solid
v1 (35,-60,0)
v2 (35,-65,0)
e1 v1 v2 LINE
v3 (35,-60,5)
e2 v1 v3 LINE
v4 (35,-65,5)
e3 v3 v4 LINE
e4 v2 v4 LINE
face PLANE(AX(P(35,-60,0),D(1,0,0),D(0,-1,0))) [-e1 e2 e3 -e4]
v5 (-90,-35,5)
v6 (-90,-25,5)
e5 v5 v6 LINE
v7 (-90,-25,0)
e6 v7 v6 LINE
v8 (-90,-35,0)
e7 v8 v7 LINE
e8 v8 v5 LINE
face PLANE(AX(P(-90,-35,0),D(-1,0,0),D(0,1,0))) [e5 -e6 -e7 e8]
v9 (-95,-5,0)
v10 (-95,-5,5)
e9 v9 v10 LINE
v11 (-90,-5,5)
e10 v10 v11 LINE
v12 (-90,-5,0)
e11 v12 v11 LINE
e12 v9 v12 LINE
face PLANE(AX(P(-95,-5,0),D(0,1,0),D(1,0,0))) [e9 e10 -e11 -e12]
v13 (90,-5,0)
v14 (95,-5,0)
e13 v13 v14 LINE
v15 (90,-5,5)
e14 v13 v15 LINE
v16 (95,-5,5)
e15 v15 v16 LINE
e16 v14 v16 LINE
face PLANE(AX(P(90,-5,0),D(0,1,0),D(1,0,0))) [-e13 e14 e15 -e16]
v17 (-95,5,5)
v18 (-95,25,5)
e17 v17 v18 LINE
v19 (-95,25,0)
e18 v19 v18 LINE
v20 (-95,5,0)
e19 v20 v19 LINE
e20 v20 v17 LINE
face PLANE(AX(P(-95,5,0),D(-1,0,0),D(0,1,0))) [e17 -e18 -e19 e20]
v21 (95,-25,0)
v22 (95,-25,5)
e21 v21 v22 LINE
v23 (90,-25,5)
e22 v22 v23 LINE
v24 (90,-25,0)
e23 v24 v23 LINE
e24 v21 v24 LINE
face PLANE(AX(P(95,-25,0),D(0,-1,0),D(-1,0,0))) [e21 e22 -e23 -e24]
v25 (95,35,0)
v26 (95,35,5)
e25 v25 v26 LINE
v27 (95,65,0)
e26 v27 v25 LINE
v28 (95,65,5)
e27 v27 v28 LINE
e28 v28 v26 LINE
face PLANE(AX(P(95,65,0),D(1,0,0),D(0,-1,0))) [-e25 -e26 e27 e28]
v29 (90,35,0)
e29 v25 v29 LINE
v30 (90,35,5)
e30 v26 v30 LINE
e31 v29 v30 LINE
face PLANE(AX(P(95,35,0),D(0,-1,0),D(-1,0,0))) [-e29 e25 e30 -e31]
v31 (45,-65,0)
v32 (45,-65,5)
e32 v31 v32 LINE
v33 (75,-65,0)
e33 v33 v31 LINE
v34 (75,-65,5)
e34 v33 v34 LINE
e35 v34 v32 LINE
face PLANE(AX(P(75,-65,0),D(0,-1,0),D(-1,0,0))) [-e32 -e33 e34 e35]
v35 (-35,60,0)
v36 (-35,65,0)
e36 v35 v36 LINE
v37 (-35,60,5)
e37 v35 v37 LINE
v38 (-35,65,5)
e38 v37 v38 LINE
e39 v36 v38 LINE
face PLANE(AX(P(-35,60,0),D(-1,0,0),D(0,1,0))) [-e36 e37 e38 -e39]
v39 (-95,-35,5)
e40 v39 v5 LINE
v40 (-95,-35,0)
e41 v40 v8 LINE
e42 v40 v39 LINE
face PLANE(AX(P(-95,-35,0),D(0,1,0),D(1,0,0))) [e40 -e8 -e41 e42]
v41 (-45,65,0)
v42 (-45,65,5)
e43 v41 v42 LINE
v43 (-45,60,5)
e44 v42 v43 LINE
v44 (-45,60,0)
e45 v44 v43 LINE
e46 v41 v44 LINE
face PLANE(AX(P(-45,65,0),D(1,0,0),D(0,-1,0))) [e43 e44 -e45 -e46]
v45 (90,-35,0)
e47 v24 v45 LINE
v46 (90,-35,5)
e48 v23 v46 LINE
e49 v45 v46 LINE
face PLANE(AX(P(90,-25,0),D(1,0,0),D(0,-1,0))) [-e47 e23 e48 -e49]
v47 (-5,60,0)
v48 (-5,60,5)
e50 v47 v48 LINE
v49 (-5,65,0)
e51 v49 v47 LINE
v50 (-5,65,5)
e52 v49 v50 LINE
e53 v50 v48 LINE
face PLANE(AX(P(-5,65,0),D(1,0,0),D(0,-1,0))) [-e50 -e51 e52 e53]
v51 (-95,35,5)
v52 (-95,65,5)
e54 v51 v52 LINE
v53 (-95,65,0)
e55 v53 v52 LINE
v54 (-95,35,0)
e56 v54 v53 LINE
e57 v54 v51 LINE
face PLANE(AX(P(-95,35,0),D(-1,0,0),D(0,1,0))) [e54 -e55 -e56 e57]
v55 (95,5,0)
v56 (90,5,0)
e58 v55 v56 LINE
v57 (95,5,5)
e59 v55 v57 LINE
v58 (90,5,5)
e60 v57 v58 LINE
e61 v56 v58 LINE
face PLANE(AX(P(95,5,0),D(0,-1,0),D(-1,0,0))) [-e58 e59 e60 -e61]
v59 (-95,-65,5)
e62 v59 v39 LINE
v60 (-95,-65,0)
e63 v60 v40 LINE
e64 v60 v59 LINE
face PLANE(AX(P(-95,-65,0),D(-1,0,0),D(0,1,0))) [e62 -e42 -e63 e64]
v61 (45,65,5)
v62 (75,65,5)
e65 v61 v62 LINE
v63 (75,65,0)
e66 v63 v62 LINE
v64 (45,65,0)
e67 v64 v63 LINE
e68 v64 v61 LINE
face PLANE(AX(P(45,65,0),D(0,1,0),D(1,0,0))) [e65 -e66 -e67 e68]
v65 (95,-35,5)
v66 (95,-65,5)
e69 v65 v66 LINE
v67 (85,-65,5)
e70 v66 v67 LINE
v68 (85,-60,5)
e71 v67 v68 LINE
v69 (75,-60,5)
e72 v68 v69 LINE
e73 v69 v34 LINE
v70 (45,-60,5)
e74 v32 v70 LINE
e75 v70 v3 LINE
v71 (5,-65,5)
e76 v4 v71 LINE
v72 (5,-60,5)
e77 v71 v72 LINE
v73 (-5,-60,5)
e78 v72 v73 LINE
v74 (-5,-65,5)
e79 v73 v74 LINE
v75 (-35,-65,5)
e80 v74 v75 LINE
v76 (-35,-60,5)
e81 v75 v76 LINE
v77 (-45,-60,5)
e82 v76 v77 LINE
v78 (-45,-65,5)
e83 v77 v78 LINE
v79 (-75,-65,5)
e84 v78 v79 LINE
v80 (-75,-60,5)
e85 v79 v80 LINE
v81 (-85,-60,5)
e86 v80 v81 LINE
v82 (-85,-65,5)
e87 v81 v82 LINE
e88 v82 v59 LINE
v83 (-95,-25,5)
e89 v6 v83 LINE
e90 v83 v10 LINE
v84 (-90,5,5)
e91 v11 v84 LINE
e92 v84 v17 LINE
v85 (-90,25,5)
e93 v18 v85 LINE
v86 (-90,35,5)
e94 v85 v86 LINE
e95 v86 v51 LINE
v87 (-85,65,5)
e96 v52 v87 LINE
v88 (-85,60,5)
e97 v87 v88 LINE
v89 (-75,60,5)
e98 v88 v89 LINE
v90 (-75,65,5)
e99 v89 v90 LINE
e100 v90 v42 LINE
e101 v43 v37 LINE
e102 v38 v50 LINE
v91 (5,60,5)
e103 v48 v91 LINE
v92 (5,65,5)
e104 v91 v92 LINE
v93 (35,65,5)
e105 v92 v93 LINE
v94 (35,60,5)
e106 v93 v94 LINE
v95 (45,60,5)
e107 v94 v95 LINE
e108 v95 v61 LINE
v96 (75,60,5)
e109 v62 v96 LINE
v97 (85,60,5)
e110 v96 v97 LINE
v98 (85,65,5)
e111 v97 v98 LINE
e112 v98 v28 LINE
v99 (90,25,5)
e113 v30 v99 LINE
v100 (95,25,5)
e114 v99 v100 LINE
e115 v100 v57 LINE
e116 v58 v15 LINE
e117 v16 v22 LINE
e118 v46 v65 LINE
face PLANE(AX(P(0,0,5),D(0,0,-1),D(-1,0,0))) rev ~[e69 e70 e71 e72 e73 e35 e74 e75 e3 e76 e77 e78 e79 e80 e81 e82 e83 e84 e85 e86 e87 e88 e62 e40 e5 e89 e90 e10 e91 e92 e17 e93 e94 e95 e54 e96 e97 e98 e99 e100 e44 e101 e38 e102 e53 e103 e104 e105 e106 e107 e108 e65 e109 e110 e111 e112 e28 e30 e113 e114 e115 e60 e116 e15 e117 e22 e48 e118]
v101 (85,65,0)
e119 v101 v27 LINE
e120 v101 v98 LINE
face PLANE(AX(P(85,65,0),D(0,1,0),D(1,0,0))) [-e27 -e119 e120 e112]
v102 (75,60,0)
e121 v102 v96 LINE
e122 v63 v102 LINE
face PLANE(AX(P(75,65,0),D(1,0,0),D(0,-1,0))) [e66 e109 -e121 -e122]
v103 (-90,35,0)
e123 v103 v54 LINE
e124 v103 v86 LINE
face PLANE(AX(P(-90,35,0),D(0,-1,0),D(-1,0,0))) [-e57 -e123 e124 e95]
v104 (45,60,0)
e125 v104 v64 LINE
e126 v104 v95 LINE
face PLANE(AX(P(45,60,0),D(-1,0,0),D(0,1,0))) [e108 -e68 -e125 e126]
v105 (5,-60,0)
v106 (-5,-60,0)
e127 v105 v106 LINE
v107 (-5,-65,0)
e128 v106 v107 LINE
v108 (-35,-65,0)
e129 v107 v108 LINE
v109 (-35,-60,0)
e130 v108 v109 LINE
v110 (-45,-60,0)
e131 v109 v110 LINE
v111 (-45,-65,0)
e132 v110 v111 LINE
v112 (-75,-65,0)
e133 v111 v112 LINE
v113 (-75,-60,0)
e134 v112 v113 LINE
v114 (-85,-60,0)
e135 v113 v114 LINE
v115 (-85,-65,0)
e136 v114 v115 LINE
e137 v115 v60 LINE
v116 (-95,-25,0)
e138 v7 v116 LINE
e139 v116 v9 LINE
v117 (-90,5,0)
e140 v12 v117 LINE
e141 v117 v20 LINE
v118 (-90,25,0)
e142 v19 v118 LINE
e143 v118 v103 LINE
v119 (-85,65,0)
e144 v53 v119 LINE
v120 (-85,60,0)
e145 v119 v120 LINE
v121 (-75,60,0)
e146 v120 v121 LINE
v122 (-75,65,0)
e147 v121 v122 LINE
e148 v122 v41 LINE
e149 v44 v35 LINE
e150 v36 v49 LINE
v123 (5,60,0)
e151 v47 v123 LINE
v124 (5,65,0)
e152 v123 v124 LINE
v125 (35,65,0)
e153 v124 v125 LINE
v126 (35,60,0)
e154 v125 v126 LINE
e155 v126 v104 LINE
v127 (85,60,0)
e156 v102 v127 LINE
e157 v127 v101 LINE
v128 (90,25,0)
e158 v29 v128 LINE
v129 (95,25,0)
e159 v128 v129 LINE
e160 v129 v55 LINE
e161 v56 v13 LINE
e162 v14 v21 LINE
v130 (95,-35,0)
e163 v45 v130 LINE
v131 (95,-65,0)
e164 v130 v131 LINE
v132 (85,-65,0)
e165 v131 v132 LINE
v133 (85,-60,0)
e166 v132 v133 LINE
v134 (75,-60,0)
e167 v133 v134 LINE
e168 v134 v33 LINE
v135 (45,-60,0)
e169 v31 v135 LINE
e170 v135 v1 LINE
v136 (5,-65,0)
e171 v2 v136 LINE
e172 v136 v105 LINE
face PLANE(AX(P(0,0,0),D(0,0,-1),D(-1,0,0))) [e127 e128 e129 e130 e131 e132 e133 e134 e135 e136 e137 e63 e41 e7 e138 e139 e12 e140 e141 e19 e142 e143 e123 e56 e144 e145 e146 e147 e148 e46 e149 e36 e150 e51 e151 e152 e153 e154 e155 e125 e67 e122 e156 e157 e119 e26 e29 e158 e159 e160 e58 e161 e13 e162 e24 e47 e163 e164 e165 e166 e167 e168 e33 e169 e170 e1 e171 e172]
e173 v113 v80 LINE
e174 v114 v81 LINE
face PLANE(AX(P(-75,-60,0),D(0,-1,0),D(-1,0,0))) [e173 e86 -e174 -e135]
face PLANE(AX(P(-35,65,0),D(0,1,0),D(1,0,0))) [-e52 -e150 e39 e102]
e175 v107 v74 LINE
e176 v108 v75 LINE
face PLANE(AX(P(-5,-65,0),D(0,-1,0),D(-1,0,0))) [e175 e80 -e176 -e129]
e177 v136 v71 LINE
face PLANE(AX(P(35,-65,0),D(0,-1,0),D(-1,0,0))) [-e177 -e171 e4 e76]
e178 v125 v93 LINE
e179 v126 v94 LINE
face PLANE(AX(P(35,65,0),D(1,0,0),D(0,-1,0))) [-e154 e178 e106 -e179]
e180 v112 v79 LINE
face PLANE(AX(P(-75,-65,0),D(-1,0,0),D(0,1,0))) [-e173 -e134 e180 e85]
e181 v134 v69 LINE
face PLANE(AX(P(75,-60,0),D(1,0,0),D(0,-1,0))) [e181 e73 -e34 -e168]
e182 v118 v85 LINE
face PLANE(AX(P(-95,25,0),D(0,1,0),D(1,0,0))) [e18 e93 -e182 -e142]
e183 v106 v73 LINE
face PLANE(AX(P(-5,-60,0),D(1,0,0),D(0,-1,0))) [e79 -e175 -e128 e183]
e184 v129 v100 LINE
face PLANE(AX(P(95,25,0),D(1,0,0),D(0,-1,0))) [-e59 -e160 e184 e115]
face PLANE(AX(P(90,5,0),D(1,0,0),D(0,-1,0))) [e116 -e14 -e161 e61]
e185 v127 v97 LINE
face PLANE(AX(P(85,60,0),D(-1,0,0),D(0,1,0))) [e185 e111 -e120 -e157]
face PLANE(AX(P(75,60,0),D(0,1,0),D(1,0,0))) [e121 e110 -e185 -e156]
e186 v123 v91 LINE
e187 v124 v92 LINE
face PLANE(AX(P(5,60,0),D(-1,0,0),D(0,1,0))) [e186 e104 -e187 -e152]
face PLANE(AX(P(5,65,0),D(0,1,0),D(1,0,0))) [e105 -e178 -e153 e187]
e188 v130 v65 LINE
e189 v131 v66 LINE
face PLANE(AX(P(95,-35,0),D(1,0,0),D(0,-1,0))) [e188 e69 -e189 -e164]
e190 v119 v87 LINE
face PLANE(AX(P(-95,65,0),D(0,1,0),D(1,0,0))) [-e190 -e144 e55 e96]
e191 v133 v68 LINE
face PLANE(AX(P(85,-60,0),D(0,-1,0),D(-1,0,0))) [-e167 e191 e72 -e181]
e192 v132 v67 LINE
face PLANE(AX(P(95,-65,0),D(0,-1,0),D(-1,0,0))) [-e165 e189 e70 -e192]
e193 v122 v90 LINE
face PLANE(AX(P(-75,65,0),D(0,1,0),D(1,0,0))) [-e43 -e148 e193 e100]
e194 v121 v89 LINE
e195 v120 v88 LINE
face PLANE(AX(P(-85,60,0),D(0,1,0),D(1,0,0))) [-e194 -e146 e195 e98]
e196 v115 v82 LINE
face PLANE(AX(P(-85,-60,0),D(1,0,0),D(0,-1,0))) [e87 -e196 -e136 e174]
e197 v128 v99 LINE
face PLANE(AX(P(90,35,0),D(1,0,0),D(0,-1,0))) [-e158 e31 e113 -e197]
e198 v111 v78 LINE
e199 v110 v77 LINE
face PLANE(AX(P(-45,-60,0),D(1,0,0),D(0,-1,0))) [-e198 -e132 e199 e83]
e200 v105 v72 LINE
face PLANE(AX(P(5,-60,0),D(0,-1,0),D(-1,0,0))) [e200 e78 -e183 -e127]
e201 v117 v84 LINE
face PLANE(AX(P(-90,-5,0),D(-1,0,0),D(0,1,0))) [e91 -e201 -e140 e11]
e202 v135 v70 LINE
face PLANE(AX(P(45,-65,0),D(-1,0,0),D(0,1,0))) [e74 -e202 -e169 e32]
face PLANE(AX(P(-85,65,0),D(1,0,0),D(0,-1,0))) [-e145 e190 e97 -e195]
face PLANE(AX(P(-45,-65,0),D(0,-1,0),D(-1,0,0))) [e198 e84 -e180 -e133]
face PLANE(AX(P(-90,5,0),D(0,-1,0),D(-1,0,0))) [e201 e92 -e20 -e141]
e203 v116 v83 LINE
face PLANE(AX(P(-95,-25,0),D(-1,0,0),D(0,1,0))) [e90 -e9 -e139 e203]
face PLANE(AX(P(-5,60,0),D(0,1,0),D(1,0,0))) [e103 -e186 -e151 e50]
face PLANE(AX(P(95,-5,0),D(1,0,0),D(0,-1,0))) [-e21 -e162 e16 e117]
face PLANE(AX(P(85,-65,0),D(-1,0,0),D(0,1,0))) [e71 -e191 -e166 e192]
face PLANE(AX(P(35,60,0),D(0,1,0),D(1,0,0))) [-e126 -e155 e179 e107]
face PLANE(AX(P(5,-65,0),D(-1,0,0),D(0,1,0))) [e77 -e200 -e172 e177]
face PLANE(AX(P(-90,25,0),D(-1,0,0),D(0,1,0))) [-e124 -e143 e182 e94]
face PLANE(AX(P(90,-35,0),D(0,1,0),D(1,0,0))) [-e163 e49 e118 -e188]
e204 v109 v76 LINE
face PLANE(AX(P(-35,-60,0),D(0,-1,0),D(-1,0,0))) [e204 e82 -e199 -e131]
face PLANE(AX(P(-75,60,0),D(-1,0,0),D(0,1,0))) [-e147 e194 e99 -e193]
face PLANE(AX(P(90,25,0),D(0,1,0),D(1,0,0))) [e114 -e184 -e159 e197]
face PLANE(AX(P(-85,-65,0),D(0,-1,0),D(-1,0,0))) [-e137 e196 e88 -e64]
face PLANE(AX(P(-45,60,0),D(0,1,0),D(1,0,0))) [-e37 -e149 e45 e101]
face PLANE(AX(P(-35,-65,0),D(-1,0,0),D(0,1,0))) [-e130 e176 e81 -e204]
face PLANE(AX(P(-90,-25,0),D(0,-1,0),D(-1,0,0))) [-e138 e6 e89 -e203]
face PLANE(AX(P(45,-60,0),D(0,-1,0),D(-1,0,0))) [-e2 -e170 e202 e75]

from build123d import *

# Parameters (mm, degrees)
BOSS_EXTRUDE1_DEPTH = 5


with BuildPart() as part:
    # Sketch1 → Boss-Extrude1 (new body)
    with BuildSketch(Plane.XY):
        Polygon((-85, 65), (-85, 60), (-75, 60), (-75, 65), (-45, 65), (-45, 60), (-35, 60), (-35, 65), (-5, 65), (-5, 60), (5, 60), (5, 65), (35, 65), (35, 60), (45, 60), (45, 65), (75, 65), (75, 60), (85, 60), (85, 65), (95, 65), (95, 35), (90, 35), (90, 25), (95, 25), (95, 5), (90, 5), (90, -5), (95, -5), (95, -25), (90, -25), (90, -35), (95, -35), (95, -65), (85, -65), (85, -60), (75, -60), (75, -65), (45, -65), (45, -60), (35, -60), (35, -65), (5, -65), (5, -60), (-5, -60), (-5, -65), (-35, -65), (-35, -60), (-45, -60), (-45, -65), (-75, -65), (-75, -60), (-85, -60), (-85, -65), (-95, -65), (-95, -35), (-90, -35), (-90, -25), (-95, -25), (-95, -5), (-90, -5), (-90, 5), (-95, 5), (-95, 25), (-90, 25), (-90, 35), (-95, 35), (-95, 65), align=None)
    extrude(amount=BOSS_EXTRUDE1_DEPTH)


solid = part.part
